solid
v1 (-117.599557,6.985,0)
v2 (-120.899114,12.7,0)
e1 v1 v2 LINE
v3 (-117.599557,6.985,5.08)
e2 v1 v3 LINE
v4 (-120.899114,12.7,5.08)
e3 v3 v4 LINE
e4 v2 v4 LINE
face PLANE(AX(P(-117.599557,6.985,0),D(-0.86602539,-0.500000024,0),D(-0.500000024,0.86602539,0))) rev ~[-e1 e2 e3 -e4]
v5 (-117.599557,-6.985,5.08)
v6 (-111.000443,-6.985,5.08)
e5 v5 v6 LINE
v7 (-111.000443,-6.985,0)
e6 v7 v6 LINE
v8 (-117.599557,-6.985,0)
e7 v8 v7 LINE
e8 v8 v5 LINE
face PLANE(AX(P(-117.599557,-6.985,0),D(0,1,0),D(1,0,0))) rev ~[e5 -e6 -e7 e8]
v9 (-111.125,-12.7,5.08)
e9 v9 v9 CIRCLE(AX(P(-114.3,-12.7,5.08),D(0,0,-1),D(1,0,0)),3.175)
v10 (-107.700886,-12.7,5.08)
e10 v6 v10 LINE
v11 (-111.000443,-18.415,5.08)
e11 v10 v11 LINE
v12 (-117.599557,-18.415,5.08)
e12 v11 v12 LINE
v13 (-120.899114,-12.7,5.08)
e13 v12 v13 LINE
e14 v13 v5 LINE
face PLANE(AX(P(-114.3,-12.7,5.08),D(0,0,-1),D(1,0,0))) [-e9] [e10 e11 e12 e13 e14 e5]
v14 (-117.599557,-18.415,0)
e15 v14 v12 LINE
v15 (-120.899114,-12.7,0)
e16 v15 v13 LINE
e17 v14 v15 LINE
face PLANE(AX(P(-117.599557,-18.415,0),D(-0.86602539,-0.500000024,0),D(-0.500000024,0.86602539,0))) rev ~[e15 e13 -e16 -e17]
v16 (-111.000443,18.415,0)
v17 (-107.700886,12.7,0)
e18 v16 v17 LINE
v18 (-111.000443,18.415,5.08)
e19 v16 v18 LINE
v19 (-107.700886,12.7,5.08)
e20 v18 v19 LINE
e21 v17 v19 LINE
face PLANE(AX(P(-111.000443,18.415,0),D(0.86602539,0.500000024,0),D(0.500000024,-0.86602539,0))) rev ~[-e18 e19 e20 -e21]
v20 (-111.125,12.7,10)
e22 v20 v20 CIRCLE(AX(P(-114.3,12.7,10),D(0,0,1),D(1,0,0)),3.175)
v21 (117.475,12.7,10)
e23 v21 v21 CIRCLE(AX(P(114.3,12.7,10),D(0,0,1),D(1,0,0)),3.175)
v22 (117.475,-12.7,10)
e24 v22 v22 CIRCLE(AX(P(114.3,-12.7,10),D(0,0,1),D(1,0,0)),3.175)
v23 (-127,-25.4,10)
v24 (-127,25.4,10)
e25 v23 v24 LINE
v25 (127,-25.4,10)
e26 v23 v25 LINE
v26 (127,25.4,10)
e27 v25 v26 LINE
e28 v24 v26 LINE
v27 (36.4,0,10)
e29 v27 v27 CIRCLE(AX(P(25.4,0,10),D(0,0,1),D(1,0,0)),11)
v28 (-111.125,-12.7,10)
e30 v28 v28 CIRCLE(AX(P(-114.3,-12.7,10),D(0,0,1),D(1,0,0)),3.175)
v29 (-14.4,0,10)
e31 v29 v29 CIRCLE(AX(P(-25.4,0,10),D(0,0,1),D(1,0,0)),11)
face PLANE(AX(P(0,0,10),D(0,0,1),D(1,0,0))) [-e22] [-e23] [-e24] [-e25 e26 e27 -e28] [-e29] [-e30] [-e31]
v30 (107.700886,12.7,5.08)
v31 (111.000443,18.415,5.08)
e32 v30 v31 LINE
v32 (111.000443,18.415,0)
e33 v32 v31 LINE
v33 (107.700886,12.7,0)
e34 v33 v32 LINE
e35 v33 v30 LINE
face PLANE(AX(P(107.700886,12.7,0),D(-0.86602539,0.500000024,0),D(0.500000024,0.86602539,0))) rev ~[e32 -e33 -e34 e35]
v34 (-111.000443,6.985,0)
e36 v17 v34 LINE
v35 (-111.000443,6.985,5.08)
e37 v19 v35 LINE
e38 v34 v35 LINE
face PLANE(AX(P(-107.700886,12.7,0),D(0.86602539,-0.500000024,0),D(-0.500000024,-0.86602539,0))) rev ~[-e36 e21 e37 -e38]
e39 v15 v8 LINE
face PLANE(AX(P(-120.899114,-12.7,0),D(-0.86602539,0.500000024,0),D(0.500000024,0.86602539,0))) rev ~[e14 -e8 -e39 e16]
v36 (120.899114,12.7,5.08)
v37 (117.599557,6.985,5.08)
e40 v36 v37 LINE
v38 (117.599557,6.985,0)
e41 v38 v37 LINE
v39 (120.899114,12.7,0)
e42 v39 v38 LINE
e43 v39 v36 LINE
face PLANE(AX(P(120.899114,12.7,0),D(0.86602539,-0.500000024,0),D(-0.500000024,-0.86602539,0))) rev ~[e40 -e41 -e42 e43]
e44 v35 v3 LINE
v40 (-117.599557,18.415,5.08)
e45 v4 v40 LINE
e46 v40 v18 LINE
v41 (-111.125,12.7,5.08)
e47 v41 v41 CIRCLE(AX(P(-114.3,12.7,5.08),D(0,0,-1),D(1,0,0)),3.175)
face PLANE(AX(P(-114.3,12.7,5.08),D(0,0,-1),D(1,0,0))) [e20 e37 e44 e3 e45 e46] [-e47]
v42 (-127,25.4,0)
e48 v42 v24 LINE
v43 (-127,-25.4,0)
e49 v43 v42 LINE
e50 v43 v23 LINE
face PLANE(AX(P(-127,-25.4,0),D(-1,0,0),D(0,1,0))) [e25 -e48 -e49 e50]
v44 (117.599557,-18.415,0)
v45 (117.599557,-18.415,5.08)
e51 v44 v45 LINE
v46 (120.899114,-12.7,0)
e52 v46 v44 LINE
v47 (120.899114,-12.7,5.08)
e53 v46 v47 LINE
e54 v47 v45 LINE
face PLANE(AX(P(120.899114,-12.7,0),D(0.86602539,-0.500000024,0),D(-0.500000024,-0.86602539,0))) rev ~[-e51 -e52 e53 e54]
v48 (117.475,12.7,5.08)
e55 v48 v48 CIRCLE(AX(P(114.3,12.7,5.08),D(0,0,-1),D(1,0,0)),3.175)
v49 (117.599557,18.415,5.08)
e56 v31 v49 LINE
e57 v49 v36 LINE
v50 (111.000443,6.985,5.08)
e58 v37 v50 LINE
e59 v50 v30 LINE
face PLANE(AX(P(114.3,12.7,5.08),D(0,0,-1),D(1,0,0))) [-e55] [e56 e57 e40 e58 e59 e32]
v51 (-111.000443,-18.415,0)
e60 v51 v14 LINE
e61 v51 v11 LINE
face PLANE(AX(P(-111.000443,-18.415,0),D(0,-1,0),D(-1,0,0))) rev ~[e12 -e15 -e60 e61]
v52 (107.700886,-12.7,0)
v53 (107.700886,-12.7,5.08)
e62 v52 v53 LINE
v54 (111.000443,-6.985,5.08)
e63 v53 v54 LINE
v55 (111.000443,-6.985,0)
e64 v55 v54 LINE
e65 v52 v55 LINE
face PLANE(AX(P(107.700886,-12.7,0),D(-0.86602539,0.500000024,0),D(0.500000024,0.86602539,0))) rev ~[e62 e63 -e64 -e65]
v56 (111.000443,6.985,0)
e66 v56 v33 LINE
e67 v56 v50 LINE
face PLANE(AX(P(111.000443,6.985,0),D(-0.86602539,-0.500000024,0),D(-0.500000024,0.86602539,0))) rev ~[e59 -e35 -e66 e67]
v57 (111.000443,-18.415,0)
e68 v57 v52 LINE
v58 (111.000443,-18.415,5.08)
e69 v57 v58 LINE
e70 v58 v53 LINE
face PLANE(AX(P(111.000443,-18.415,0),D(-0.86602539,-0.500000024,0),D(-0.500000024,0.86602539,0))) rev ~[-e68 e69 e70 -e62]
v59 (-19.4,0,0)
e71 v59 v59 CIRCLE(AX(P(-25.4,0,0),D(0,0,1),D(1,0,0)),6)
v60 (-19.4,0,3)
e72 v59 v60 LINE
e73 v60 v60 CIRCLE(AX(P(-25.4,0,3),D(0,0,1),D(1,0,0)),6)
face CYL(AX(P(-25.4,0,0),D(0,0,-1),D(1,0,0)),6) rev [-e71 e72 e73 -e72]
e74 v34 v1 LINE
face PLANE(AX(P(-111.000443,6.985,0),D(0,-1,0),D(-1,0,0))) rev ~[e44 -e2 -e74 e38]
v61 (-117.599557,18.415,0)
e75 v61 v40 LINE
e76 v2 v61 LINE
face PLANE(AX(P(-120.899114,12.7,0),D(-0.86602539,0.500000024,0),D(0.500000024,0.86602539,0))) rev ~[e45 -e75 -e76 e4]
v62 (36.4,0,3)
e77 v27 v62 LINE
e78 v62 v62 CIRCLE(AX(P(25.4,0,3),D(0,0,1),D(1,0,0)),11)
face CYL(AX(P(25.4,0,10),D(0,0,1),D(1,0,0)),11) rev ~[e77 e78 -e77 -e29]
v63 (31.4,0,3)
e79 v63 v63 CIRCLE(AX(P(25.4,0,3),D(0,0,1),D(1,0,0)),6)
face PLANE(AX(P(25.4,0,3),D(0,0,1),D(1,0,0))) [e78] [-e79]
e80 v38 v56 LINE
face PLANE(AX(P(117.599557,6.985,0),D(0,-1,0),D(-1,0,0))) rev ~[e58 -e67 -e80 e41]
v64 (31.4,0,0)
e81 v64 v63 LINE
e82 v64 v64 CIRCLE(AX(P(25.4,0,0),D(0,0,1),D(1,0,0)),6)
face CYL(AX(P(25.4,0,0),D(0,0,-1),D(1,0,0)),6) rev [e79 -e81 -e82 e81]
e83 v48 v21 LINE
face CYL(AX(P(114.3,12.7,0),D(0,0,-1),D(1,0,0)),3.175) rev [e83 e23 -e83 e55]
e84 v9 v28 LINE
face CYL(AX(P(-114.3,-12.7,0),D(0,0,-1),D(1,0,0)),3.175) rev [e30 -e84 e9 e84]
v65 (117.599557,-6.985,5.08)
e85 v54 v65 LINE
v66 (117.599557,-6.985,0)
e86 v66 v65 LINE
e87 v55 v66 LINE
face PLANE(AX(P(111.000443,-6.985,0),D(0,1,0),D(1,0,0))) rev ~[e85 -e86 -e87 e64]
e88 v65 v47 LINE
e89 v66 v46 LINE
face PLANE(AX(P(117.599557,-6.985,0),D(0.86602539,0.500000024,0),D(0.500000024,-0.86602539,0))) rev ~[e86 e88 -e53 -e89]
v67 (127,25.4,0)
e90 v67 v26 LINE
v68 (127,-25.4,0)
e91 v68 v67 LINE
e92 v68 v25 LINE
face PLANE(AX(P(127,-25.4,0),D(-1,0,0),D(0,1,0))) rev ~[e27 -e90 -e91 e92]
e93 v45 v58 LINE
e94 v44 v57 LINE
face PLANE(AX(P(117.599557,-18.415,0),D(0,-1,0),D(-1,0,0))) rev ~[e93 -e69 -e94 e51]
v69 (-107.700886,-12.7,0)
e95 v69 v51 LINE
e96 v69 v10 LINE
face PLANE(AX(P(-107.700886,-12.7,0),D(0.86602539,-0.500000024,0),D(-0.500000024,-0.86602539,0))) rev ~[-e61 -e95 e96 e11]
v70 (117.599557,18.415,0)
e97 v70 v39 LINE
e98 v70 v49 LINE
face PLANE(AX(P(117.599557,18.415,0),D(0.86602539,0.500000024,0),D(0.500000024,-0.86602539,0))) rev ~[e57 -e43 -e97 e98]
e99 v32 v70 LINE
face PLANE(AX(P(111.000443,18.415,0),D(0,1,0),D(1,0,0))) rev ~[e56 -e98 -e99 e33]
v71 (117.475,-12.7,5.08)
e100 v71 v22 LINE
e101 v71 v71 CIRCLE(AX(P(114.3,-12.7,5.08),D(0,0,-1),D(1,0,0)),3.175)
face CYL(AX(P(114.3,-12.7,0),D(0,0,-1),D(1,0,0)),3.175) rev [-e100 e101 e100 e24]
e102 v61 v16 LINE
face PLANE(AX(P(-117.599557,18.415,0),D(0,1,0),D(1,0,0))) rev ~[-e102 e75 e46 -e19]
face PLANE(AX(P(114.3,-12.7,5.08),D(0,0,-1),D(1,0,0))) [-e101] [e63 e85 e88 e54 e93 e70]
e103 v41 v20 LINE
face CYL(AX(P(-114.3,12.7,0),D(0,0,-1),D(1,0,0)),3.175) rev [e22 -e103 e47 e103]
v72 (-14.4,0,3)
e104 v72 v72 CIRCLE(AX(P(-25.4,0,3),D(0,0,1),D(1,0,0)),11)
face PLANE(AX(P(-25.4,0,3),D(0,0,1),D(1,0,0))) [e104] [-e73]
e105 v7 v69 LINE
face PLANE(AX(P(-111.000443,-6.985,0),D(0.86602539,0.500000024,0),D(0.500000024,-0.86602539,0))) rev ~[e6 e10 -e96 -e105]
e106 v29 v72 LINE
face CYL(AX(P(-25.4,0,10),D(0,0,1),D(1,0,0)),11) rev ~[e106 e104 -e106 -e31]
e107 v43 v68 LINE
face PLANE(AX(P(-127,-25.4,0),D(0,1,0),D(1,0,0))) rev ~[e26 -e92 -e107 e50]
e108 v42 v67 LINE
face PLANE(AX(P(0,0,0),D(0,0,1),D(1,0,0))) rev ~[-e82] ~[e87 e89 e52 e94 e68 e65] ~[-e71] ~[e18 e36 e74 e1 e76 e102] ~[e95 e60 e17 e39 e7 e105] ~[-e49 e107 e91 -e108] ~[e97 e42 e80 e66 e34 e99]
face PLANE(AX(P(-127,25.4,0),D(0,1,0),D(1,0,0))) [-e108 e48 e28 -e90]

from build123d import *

# Parameters (mm, degrees)
F0_W     = 254
F0_H     = 50.8
F0_R     = 3.175
F0_R_2   = 6
F1_DEPTH = 10
F2_R     = 11
F2_R_2   = 6
F3_DEPTH = 7
F4_R     = 3.175
F5_DEPTH = 5.08


with BuildPart() as f1:
    # F0 (on Top) → F1 (new body)
    with BuildSketch(Plane.XY):
        Rectangle(F0_W, F0_H)
        with Locations((-114.3, -12.7)):
            Circle(F0_R, mode=Mode.SUBTRACT)
        with Locations((-25.4, 0)):
            Circle(F0_R_2, mode=Mode.SUBTRACT)
        with Locations((114.3, -12.7)):
            Circle(F0_R, mode=Mode.SUBTRACT)
        with Locations((25.4, 0)):
            Circle(F0_R_2, mode=Mode.SUBTRACT)
        with Locations((-114.3, 12.7)):
            Circle(F0_R, mode=Mode.SUBTRACT)
        with Locations((114.3, 12.7)):
            Circle(F0_R, mode=Mode.SUBTRACT)
    extrude(amount=F1_DEPTH)

    # F2 (on face) → F3 (cut)
    with BuildSketch(Plane.XY.offset(10)):
        with Locations((-25.4, 0)):
            Circle(F2_R)
        with Locations((-25.4, 0)):
            Circle(F2_R_2, mode=Mode.SUBTRACT)
        with Locations((25.4, 0)):
            Circle(F2_R)
        with Locations((25.4, 0)):
            Circle(F2_R_2, mode=Mode.SUBTRACT)
    extrude(amount=-F3_DEPTH, mode=Mode.SUBTRACT)

    # F4 (on face) → F5 (cut)
    with BuildSketch(Plane(origin=(0, 0, 0), x_dir=(1, 0, 0), z_dir=(0, 0, -1))):
        Polygon((-111.000443, 18.415), (-117.599557, 18.415), (-120.899114, 12.7), (-117.599557, 6.985), (-111.000443, 6.985), (-107.700886, 12.7), align=None)
        with Locations((-114.3, 12.7)):
            Circle(F4_R, mode=Mode.SUBTRACT)
        Polygon((-111.000443, -6.985), (-117.599557, -6.985), (-120.899114, -12.7), (-117.599557, -18.415), (-111.000443, -18.415), (-107.700886, -12.7), align=None)
        with Locations((-114.3, -12.7)):
            Circle(F4_R, mode=Mode.SUBTRACT)
        Polygon((117.599557, -6.985), (111.000443, -6.985), (107.700886, -12.7), (111.000443, -18.415), (117.599557, -18.415), (120.899114, -12.7), align=None)
        with Locations((114.3, -12.7)):
            Circle(F4_R, mode=Mode.SUBTRACT)
        Polygon((117.599557, 18.415), (111.000443, 18.415), (107.700886, 12.7), (111.000443, 6.985), (117.599557, 6.985), (120.899114, 12.7), align=None)
        with Locations((114.3, 12.7)):
            Circle(F4_R, mode=Mode.SUBTRACT)
    extrude(amount=-F5_DEPTH, mode=Mode.SUBTRACT)


solid = f1.part
